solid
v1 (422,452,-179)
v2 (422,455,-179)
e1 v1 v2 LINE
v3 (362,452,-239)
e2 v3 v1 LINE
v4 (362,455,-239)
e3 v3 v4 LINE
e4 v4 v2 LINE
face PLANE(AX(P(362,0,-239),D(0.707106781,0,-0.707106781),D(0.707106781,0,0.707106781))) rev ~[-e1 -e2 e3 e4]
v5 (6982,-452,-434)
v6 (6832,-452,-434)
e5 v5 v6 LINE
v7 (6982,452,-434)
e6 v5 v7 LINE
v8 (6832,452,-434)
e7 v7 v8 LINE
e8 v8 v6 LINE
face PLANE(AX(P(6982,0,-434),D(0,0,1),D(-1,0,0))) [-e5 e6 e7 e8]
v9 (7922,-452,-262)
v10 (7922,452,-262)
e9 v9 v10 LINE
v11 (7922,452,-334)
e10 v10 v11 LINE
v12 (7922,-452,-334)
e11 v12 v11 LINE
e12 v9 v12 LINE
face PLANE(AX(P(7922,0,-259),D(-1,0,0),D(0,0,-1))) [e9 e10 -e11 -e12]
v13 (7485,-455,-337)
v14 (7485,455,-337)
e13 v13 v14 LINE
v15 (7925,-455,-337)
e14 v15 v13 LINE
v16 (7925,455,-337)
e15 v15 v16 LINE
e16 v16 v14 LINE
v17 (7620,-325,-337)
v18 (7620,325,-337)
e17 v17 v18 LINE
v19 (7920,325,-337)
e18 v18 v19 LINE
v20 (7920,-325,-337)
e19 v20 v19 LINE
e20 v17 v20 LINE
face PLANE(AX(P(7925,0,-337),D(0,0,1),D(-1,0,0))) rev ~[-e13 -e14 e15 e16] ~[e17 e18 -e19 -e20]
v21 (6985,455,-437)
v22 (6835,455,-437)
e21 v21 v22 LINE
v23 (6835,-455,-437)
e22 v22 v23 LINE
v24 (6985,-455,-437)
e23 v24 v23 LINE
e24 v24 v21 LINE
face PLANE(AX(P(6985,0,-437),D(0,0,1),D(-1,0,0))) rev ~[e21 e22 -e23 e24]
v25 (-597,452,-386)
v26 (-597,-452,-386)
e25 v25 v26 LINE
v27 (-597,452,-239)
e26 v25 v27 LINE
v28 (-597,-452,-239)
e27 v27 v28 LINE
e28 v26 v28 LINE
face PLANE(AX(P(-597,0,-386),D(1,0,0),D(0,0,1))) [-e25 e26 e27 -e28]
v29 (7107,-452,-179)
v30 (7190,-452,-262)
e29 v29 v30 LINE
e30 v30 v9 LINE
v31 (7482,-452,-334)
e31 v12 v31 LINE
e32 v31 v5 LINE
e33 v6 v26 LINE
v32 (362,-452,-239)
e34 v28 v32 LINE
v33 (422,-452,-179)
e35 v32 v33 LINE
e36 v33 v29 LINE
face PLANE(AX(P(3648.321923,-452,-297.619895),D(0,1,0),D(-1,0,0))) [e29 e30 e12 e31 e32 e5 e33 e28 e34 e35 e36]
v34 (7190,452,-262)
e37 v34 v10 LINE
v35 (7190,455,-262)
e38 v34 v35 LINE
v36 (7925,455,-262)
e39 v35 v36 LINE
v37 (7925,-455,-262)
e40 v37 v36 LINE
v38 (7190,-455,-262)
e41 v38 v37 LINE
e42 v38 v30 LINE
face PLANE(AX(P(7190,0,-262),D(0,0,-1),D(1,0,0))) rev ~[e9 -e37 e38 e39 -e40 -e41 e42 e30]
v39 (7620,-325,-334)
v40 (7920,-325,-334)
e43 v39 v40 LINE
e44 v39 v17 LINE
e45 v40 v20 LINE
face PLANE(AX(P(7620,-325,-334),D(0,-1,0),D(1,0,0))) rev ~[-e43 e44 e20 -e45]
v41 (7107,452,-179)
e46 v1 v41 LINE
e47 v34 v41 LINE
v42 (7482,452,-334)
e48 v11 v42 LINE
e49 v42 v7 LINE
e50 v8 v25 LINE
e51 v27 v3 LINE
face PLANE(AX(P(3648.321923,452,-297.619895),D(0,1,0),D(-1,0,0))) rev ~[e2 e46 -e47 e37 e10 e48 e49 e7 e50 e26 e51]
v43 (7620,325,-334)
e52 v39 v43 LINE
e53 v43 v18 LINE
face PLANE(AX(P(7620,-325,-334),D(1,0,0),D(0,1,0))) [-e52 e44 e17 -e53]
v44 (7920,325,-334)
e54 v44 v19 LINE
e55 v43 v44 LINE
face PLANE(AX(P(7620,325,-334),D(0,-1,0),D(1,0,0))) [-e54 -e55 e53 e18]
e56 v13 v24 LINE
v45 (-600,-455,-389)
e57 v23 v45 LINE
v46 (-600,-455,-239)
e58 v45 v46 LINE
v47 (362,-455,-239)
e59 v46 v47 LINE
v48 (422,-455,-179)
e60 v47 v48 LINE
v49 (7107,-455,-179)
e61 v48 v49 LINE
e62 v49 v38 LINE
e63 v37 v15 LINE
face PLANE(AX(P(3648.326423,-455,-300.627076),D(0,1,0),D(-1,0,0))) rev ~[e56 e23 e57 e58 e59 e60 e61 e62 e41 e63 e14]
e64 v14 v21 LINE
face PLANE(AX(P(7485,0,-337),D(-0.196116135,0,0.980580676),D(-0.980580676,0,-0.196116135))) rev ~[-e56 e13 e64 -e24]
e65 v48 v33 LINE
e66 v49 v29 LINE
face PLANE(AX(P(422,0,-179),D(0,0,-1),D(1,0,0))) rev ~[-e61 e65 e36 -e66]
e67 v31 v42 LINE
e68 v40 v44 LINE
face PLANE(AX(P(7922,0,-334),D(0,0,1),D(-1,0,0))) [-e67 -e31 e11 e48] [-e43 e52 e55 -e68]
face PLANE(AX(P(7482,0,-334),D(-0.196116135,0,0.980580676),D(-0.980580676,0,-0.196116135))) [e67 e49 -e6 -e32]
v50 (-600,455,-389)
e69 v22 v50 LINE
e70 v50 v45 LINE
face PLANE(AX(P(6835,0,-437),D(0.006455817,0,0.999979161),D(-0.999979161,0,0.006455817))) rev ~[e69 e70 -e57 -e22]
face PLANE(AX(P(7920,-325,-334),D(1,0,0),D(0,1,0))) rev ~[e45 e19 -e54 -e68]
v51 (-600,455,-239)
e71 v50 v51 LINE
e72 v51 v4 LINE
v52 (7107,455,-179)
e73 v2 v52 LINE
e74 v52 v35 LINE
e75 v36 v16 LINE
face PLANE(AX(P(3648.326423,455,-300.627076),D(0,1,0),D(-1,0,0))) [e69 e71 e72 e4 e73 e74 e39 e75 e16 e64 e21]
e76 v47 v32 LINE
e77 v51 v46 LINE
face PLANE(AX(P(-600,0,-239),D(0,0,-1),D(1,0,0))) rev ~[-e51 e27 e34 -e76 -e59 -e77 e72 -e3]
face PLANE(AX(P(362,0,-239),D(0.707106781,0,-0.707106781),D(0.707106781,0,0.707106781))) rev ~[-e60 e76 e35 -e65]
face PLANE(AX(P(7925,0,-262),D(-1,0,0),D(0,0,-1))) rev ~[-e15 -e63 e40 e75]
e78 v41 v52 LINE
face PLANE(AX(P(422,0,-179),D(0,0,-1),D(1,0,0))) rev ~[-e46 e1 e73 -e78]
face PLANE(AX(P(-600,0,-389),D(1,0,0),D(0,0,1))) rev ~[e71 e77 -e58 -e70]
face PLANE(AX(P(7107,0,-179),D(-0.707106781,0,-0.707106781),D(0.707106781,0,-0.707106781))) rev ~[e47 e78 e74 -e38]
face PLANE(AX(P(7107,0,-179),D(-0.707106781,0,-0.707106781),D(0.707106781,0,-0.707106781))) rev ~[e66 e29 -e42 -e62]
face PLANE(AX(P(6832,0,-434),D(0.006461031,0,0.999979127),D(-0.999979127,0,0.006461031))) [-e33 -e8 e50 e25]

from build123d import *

# Parameters (mm, degrees)
SKETCH_W         = 300
SKETCH_H         = 650
EXTRUDE_DEPTH    = 10
EXTRUDE032_DEPTH = 452
EXTRUDE015_DEPTH = 455


with BuildPart() as extrude_body:
    # Sketch (on Face21 of Cut) → Extrude (new body)
    with BuildSketch(Plane.XY.offset(-334)):
        with Locations((7770, 0)):
            Rectangle(SKETCH_W, SKETCH_H)
    extrude(amount=-EXTRUDE_DEPTH)


with BuildPart() as extrude032:
    # Sketch033 → Extrude032 (new body, symmetric)
    with BuildSketch(Plane.XZ):
        Polygon((-597, -239), (362, -239), (422, -179), (7104, -179), (7187, -262), (7922, -262), (7922, -337), (7482, -337), (6982, -437), (6832, -437), (-597, -389), align=None)
    extrude(amount=EXTRUDE032_DEPTH, both=True)


with BuildPart() as extrude032_1:
    # Extrude032 placement: moved
    add(extrude032.part.moved(Location((0, 0, 3))))


with BuildPart() as cut002:
    # Sketch023 → Extrude015 (new body, symmetric)
    with BuildSketch(Plane.XZ):
        Polygon((-600, -239), (362, -239), (422, -179), (7107, -179), (7190, -262), (7925, -262), (7925, -337), (7485, -337), (6985, -437), (6835, -437), (-600, -389), align=None)
    extrude(amount=EXTRUDE015_DEPTH, both=True)

    # Cut: cut Extrude032
    add(extrude032_1.part, mode=Mode.SUBTRACT)

    # Cut002: cut Extrude body
    add(extrude_body.part, mode=Mode.SUBTRACT)


solid = cut002.part
